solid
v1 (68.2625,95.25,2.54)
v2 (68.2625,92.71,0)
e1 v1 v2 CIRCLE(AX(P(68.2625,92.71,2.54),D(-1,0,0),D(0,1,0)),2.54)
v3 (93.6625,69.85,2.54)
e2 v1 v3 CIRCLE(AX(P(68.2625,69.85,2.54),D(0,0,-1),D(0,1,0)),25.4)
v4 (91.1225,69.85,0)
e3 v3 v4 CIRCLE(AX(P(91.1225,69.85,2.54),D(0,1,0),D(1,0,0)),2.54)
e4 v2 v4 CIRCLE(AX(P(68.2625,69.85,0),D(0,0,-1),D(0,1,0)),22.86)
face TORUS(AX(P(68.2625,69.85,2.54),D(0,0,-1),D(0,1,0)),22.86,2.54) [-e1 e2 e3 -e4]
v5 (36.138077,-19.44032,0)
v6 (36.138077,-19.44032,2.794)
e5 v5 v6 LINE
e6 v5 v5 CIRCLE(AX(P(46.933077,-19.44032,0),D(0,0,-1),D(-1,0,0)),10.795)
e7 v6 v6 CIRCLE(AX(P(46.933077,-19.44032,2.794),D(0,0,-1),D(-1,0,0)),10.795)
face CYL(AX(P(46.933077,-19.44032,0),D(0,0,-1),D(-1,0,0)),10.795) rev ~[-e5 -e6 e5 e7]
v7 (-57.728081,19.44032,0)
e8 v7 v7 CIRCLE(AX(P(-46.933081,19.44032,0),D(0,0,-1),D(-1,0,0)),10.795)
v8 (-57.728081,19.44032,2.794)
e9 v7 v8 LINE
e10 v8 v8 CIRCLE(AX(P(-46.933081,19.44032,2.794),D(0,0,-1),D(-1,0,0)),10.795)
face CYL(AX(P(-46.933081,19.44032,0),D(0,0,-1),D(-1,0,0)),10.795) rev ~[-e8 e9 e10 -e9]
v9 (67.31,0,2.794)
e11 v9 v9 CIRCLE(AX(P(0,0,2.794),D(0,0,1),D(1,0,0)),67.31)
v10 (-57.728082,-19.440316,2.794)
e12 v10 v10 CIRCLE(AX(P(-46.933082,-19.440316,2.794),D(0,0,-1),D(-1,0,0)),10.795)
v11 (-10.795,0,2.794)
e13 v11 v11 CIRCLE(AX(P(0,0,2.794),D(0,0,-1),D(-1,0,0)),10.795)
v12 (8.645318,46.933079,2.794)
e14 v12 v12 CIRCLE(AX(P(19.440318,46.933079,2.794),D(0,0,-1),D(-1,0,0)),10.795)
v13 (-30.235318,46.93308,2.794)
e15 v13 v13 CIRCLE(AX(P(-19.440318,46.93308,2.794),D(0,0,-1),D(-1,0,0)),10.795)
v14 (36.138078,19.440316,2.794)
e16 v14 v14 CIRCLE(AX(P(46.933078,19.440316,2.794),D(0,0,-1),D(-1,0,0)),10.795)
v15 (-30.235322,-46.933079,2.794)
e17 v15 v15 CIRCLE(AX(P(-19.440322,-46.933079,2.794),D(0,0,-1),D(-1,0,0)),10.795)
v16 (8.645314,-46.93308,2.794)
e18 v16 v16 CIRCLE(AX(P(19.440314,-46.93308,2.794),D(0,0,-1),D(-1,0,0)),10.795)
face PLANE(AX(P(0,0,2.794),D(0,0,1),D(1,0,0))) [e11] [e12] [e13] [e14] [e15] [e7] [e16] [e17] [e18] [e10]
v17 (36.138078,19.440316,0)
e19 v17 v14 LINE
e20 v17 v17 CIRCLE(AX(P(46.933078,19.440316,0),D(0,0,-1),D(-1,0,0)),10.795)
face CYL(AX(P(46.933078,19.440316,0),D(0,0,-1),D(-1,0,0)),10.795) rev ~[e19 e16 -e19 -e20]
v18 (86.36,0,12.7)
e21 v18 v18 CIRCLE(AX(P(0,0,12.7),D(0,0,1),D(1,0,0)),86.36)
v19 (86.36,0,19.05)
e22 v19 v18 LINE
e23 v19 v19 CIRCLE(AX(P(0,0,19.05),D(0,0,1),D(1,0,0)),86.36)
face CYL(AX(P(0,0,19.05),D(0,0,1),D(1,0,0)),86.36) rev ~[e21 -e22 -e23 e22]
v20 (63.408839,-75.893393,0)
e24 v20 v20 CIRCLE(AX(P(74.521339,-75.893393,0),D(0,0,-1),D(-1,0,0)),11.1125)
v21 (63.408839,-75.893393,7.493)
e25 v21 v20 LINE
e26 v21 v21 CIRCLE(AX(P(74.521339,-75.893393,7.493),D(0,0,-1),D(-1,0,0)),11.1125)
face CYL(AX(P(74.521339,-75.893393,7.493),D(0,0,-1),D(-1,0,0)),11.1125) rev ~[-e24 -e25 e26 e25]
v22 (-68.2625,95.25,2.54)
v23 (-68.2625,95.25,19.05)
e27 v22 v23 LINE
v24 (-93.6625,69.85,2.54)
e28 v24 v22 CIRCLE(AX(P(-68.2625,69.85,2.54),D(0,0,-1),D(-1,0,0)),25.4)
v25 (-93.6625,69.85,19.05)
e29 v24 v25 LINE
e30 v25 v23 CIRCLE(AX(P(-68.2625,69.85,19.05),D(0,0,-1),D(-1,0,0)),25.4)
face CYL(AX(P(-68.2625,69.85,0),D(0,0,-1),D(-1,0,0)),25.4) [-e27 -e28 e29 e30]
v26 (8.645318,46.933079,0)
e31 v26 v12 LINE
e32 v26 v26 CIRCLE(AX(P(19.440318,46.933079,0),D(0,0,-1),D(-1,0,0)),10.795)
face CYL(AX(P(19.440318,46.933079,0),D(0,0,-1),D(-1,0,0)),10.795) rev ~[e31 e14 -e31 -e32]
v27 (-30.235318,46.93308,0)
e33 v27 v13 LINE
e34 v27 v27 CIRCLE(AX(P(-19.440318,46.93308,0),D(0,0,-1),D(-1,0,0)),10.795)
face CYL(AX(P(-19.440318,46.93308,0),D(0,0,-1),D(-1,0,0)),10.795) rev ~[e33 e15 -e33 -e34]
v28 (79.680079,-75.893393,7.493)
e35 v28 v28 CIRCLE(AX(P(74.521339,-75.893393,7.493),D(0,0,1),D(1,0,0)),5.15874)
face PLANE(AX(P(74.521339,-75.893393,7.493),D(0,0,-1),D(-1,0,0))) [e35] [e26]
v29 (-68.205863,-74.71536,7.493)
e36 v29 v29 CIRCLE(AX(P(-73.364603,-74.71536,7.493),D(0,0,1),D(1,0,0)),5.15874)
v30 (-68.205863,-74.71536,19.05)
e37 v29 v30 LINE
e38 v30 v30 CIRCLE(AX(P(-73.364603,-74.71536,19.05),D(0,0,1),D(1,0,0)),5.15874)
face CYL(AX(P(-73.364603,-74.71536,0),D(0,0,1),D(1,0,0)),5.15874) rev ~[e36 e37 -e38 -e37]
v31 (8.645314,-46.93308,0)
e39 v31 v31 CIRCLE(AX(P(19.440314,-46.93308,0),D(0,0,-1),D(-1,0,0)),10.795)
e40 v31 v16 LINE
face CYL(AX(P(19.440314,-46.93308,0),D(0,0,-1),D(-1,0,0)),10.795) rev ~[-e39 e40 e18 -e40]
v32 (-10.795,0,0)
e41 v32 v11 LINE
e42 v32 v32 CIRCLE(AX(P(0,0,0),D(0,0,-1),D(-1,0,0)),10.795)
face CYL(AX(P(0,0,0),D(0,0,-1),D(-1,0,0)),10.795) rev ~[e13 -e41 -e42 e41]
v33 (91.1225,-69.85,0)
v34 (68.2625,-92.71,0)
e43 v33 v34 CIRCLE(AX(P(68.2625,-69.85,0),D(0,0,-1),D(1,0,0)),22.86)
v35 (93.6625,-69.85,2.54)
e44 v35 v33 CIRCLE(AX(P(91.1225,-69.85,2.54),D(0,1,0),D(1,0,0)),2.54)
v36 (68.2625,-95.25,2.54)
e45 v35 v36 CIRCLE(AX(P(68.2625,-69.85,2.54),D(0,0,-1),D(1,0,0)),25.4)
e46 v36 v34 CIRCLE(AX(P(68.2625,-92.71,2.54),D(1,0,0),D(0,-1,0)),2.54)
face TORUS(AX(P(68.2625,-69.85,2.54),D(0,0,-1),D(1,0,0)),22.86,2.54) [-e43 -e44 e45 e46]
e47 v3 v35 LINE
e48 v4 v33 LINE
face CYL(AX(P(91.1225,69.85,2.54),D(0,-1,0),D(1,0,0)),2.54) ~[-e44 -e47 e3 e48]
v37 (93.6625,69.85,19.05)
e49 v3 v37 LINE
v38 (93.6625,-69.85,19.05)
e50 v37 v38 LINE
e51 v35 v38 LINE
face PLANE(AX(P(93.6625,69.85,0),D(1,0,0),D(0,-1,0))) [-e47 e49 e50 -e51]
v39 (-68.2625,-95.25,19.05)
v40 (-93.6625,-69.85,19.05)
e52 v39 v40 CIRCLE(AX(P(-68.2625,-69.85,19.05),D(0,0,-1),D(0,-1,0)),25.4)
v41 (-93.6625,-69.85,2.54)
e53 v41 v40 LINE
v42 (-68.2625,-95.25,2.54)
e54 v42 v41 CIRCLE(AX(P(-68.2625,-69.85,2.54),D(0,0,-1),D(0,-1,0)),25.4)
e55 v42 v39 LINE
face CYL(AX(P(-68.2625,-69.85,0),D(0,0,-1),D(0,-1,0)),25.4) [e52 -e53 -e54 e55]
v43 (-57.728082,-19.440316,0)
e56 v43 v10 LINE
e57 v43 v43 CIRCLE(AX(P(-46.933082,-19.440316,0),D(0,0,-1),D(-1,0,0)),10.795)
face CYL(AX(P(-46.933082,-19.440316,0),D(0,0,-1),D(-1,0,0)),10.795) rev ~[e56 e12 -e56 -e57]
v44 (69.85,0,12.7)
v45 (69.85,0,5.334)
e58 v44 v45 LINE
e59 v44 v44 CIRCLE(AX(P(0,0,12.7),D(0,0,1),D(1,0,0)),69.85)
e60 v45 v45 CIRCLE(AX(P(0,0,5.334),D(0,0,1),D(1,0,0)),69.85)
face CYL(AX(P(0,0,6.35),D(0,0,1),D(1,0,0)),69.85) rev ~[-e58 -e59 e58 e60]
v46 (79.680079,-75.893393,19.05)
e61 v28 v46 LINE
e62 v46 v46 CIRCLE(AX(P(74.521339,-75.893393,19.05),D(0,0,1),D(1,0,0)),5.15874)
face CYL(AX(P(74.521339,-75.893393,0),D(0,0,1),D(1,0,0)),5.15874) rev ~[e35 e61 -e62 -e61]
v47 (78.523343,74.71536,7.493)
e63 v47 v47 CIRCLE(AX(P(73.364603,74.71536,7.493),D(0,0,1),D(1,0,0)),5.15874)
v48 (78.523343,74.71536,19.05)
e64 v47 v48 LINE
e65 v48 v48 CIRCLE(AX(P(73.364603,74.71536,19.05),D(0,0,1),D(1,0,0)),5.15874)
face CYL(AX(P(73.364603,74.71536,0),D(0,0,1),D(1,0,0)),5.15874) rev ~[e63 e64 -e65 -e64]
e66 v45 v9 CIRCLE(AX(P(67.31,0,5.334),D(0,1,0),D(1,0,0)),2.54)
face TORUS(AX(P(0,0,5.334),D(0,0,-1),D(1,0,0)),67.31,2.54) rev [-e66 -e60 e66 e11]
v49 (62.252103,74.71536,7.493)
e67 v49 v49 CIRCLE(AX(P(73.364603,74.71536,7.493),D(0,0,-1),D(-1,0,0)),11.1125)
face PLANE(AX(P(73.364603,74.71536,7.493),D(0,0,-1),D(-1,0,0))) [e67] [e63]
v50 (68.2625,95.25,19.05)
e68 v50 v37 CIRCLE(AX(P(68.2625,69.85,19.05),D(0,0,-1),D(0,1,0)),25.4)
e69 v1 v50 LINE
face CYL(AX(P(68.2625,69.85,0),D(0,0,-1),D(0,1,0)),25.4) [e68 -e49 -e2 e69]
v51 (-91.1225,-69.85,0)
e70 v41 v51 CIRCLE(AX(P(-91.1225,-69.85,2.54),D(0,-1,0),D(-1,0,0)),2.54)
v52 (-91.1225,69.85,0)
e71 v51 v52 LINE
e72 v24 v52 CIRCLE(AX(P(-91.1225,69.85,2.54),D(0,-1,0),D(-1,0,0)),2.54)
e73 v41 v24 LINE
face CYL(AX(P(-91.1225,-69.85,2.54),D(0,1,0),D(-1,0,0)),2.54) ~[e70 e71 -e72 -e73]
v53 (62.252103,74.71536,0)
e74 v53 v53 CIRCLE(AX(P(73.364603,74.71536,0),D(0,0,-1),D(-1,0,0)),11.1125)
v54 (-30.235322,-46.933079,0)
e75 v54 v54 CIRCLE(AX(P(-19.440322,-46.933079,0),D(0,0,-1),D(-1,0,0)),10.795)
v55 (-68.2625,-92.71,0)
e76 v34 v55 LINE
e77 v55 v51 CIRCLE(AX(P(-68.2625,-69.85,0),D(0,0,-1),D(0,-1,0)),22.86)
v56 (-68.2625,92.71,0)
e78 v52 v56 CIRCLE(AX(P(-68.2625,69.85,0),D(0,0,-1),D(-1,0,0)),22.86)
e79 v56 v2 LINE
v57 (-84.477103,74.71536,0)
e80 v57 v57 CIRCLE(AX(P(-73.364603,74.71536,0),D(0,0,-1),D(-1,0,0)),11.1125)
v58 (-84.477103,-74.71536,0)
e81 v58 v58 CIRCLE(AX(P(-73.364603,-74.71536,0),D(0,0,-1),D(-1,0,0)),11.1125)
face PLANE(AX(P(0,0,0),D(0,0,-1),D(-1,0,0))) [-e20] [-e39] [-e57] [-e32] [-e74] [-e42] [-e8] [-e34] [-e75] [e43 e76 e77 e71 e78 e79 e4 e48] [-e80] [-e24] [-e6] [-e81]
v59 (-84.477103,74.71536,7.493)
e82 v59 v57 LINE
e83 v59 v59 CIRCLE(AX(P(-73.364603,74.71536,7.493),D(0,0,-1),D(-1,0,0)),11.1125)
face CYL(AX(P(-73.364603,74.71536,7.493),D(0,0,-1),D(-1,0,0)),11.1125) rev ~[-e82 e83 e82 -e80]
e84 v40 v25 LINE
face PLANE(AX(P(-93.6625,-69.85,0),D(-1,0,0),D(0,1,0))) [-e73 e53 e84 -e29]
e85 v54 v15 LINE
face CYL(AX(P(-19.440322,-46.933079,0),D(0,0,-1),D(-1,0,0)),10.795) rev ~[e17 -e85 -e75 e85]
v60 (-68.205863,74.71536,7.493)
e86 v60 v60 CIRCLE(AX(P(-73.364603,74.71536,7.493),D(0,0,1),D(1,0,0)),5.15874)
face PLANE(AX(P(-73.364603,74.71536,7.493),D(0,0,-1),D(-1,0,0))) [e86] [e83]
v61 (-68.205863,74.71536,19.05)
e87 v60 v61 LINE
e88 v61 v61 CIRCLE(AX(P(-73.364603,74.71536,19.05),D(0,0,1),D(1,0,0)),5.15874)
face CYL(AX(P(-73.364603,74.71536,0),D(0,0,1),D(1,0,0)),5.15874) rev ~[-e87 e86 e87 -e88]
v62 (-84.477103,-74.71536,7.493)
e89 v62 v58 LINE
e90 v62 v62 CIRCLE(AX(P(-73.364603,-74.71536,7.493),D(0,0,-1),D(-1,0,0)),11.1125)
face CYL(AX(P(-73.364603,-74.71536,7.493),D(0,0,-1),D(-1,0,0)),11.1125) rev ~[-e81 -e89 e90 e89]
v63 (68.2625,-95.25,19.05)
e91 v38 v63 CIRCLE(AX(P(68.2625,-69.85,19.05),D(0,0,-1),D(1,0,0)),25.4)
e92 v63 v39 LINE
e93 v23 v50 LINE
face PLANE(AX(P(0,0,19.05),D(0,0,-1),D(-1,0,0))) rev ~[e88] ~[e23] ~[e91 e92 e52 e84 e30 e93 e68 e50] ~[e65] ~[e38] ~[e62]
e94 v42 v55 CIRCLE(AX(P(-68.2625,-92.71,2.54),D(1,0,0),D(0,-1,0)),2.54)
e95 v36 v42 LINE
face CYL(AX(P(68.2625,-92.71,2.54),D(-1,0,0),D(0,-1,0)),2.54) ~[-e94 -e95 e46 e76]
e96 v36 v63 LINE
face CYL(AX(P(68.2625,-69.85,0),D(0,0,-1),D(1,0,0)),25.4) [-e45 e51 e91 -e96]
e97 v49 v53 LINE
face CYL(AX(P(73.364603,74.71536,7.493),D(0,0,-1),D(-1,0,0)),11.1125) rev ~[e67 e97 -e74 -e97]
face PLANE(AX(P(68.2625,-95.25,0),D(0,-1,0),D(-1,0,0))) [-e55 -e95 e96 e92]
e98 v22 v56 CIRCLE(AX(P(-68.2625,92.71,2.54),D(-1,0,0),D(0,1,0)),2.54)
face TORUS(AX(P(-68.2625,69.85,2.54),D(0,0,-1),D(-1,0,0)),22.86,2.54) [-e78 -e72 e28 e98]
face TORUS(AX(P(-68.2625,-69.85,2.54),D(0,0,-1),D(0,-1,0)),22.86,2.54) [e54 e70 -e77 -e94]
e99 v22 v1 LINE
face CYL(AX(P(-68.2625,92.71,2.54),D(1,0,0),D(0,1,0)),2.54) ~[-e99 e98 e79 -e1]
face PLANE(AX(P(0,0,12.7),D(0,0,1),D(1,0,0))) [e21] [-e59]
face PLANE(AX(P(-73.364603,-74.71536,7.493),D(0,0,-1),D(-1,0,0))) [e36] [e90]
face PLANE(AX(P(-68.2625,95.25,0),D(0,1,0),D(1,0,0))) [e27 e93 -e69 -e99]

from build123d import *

# Parameters (mm, degrees)
BOSS_EXTRUDE1_DEPTH                          = 19.05
INSET_START                                  = 19.05
SKETCH4_R                                    = 86.36
INSET_RIM_DEPTH                              = 6.35
CUT_EXTRUDE1_START                           = 12.7
SKETCH9_R                                    = 69.85
CUT_EXTRUDE1_DEPTH                           = 6.35
CBORE_FOR_3_8_HEX_MACHINE_SCREW1_D           = 10.31748
CBORE_FOR_3_8_HEX_MACHINE_SCREW1_CBORE_D     = 22.225
CBORE_FOR_3_8_HEX_MACHINE_SCREW1_CBORE_DEPTH = 7.493
SKETCH12_R                                   = 10.795
CABLE_GLAND_OD_HOLES_DEPTH                   = 6.35
SKETCH13_R                                   = 69.85
CUT_EXTRUDE3_DEPTH                           = 3.556
FILLET1_R                                    = 2.54


with BuildPart() as part:
    # Sketch1 → Boss-Extrude1 (new body)
    with BuildSketch(Plane.XY):
        with BuildLine():
            Line((93.6625, 69.85), (93.6625, -69.85))
            ThreePointArc((93.6625, -69.85), (86.223012242, -87.810512242), (68.2625, -95.25))
            Line((68.2625, -95.25), (-68.2625, -95.25))
            ThreePointArc((-68.2625, -95.25), (-86.223012242, -87.810512242), (-93.6625, -69.85))
            Line((-93.6625, -69.85), (-93.6625, 69.85))
            ThreePointArc((-93.6625, 69.85), (-86.223012242, 87.810512242), (-68.2625, 95.25))
            Line((-68.2625, 95.25), (68.2625, 95.25))
            ThreePointArc((68.2625, 95.25), (86.223012242, 87.810512242), (93.6625, 69.85))
        make_face()
    extrude(amount=BOSS_EXTRUDE1_DEPTH)

    # Sketch4 → Inset Rim (cut)
    with BuildSketch(Plane.XY.offset(INSET_START)):
        Circle(SKETCH4_R)
    extrude(amount=-INSET_RIM_DEPTH, mode=Mode.SUBTRACT)

    # Sketch9 → Cut-Extrude1 (cut)
    with BuildSketch(Plane.XY.offset(CUT_EXTRUDE1_START)):
        Circle(SKETCH9_R)
    extrude(amount=-CUT_EXTRUDE1_DEPTH, mode=Mode.SUBTRACT)

    # CBORE for 3_8 Hex Machine Screw1 (through all)
    with Locations(Plane(origin=(0, 0, 0), x_dir=(-1, 0, 0), z_dir=(0, 0, -1))):
        with Locations((-74.521339476, -75.893393448), (-73.364603403, 74.715360062), (73.364603403, 74.715360062), (73.364603403, -74.715360062)):
            CounterBoreHole(CBORE_FOR_3_8_HEX_MACHINE_SCREW1_D / 2, CBORE_FOR_3_8_HEX_MACHINE_SCREW1_CBORE_D / 2, CBORE_FOR_3_8_HEX_MACHINE_SCREW1_CBORE_DEPTH)

    # Sketch12 → Cable Gland OD Holes (cut)
    with BuildSketch(Plane(origin=(0, 0, 0), x_dir=(-1, 0, 0), z_dir=(0, 0, -1))):
        Circle(SKETCH12_R)
        with Locations((19.440318364, 46.933080252)):
            Circle(SKETCH12_R)
        with Locations((46.933080827, 19.440319753)):
            Circle(SKETCH12_R)
        with Locations((46.933082215, -19.440316401)):
            Circle(SKETCH12_R)
        with Locations((19.440321716, -46.933078863)):
            Circle(SKETCH12_R)
        with Locations((-19.440314437, -46.933080252)):
            Circle(SKETCH12_R)
        with Locations((-46.9330769, -19.440319753)):
            Circle(SKETCH12_R)
        with Locations((-46.933078288, 19.440316401)):
            Circle(SKETCH12_R)
        with Locations((-19.440317789, 46.933078863)):
            Circle(SKETCH12_R)
    extrude(amount=-CABLE_GLAND_OD_HOLES_DEPTH, mode=Mode.SUBTRACT)

    # Sketch13 → Cut-Extrude3 (cut)
    with BuildSketch(Plane.XY.offset(6.35)):
        Circle(SKETCH13_R)
    extrude(amount=-CUT_EXTRUDE3_DEPTH, mode=Mode.SUBTRACT)

    # Fillet1
    fillet1_edges = [part.edges().sort_by_distance(p)[0] for p in [
        (93.6625, 0, 0),
        (86.223012242, -87.810512242, 0),
        (0, -95.25, 0),
        (-86.223012242, -87.810512242, 0),
        (-69.85, 0, 2.794),
        (-93.6625, 0, 0),
        (-86.223012242, 87.810512242, 0),
        (0, 95.25, 0),
        (86.223012242, 87.810512242, 0),
    ]]
    fillet(fillet1_edges, radius=FILLET1_R)


solid = part.part
